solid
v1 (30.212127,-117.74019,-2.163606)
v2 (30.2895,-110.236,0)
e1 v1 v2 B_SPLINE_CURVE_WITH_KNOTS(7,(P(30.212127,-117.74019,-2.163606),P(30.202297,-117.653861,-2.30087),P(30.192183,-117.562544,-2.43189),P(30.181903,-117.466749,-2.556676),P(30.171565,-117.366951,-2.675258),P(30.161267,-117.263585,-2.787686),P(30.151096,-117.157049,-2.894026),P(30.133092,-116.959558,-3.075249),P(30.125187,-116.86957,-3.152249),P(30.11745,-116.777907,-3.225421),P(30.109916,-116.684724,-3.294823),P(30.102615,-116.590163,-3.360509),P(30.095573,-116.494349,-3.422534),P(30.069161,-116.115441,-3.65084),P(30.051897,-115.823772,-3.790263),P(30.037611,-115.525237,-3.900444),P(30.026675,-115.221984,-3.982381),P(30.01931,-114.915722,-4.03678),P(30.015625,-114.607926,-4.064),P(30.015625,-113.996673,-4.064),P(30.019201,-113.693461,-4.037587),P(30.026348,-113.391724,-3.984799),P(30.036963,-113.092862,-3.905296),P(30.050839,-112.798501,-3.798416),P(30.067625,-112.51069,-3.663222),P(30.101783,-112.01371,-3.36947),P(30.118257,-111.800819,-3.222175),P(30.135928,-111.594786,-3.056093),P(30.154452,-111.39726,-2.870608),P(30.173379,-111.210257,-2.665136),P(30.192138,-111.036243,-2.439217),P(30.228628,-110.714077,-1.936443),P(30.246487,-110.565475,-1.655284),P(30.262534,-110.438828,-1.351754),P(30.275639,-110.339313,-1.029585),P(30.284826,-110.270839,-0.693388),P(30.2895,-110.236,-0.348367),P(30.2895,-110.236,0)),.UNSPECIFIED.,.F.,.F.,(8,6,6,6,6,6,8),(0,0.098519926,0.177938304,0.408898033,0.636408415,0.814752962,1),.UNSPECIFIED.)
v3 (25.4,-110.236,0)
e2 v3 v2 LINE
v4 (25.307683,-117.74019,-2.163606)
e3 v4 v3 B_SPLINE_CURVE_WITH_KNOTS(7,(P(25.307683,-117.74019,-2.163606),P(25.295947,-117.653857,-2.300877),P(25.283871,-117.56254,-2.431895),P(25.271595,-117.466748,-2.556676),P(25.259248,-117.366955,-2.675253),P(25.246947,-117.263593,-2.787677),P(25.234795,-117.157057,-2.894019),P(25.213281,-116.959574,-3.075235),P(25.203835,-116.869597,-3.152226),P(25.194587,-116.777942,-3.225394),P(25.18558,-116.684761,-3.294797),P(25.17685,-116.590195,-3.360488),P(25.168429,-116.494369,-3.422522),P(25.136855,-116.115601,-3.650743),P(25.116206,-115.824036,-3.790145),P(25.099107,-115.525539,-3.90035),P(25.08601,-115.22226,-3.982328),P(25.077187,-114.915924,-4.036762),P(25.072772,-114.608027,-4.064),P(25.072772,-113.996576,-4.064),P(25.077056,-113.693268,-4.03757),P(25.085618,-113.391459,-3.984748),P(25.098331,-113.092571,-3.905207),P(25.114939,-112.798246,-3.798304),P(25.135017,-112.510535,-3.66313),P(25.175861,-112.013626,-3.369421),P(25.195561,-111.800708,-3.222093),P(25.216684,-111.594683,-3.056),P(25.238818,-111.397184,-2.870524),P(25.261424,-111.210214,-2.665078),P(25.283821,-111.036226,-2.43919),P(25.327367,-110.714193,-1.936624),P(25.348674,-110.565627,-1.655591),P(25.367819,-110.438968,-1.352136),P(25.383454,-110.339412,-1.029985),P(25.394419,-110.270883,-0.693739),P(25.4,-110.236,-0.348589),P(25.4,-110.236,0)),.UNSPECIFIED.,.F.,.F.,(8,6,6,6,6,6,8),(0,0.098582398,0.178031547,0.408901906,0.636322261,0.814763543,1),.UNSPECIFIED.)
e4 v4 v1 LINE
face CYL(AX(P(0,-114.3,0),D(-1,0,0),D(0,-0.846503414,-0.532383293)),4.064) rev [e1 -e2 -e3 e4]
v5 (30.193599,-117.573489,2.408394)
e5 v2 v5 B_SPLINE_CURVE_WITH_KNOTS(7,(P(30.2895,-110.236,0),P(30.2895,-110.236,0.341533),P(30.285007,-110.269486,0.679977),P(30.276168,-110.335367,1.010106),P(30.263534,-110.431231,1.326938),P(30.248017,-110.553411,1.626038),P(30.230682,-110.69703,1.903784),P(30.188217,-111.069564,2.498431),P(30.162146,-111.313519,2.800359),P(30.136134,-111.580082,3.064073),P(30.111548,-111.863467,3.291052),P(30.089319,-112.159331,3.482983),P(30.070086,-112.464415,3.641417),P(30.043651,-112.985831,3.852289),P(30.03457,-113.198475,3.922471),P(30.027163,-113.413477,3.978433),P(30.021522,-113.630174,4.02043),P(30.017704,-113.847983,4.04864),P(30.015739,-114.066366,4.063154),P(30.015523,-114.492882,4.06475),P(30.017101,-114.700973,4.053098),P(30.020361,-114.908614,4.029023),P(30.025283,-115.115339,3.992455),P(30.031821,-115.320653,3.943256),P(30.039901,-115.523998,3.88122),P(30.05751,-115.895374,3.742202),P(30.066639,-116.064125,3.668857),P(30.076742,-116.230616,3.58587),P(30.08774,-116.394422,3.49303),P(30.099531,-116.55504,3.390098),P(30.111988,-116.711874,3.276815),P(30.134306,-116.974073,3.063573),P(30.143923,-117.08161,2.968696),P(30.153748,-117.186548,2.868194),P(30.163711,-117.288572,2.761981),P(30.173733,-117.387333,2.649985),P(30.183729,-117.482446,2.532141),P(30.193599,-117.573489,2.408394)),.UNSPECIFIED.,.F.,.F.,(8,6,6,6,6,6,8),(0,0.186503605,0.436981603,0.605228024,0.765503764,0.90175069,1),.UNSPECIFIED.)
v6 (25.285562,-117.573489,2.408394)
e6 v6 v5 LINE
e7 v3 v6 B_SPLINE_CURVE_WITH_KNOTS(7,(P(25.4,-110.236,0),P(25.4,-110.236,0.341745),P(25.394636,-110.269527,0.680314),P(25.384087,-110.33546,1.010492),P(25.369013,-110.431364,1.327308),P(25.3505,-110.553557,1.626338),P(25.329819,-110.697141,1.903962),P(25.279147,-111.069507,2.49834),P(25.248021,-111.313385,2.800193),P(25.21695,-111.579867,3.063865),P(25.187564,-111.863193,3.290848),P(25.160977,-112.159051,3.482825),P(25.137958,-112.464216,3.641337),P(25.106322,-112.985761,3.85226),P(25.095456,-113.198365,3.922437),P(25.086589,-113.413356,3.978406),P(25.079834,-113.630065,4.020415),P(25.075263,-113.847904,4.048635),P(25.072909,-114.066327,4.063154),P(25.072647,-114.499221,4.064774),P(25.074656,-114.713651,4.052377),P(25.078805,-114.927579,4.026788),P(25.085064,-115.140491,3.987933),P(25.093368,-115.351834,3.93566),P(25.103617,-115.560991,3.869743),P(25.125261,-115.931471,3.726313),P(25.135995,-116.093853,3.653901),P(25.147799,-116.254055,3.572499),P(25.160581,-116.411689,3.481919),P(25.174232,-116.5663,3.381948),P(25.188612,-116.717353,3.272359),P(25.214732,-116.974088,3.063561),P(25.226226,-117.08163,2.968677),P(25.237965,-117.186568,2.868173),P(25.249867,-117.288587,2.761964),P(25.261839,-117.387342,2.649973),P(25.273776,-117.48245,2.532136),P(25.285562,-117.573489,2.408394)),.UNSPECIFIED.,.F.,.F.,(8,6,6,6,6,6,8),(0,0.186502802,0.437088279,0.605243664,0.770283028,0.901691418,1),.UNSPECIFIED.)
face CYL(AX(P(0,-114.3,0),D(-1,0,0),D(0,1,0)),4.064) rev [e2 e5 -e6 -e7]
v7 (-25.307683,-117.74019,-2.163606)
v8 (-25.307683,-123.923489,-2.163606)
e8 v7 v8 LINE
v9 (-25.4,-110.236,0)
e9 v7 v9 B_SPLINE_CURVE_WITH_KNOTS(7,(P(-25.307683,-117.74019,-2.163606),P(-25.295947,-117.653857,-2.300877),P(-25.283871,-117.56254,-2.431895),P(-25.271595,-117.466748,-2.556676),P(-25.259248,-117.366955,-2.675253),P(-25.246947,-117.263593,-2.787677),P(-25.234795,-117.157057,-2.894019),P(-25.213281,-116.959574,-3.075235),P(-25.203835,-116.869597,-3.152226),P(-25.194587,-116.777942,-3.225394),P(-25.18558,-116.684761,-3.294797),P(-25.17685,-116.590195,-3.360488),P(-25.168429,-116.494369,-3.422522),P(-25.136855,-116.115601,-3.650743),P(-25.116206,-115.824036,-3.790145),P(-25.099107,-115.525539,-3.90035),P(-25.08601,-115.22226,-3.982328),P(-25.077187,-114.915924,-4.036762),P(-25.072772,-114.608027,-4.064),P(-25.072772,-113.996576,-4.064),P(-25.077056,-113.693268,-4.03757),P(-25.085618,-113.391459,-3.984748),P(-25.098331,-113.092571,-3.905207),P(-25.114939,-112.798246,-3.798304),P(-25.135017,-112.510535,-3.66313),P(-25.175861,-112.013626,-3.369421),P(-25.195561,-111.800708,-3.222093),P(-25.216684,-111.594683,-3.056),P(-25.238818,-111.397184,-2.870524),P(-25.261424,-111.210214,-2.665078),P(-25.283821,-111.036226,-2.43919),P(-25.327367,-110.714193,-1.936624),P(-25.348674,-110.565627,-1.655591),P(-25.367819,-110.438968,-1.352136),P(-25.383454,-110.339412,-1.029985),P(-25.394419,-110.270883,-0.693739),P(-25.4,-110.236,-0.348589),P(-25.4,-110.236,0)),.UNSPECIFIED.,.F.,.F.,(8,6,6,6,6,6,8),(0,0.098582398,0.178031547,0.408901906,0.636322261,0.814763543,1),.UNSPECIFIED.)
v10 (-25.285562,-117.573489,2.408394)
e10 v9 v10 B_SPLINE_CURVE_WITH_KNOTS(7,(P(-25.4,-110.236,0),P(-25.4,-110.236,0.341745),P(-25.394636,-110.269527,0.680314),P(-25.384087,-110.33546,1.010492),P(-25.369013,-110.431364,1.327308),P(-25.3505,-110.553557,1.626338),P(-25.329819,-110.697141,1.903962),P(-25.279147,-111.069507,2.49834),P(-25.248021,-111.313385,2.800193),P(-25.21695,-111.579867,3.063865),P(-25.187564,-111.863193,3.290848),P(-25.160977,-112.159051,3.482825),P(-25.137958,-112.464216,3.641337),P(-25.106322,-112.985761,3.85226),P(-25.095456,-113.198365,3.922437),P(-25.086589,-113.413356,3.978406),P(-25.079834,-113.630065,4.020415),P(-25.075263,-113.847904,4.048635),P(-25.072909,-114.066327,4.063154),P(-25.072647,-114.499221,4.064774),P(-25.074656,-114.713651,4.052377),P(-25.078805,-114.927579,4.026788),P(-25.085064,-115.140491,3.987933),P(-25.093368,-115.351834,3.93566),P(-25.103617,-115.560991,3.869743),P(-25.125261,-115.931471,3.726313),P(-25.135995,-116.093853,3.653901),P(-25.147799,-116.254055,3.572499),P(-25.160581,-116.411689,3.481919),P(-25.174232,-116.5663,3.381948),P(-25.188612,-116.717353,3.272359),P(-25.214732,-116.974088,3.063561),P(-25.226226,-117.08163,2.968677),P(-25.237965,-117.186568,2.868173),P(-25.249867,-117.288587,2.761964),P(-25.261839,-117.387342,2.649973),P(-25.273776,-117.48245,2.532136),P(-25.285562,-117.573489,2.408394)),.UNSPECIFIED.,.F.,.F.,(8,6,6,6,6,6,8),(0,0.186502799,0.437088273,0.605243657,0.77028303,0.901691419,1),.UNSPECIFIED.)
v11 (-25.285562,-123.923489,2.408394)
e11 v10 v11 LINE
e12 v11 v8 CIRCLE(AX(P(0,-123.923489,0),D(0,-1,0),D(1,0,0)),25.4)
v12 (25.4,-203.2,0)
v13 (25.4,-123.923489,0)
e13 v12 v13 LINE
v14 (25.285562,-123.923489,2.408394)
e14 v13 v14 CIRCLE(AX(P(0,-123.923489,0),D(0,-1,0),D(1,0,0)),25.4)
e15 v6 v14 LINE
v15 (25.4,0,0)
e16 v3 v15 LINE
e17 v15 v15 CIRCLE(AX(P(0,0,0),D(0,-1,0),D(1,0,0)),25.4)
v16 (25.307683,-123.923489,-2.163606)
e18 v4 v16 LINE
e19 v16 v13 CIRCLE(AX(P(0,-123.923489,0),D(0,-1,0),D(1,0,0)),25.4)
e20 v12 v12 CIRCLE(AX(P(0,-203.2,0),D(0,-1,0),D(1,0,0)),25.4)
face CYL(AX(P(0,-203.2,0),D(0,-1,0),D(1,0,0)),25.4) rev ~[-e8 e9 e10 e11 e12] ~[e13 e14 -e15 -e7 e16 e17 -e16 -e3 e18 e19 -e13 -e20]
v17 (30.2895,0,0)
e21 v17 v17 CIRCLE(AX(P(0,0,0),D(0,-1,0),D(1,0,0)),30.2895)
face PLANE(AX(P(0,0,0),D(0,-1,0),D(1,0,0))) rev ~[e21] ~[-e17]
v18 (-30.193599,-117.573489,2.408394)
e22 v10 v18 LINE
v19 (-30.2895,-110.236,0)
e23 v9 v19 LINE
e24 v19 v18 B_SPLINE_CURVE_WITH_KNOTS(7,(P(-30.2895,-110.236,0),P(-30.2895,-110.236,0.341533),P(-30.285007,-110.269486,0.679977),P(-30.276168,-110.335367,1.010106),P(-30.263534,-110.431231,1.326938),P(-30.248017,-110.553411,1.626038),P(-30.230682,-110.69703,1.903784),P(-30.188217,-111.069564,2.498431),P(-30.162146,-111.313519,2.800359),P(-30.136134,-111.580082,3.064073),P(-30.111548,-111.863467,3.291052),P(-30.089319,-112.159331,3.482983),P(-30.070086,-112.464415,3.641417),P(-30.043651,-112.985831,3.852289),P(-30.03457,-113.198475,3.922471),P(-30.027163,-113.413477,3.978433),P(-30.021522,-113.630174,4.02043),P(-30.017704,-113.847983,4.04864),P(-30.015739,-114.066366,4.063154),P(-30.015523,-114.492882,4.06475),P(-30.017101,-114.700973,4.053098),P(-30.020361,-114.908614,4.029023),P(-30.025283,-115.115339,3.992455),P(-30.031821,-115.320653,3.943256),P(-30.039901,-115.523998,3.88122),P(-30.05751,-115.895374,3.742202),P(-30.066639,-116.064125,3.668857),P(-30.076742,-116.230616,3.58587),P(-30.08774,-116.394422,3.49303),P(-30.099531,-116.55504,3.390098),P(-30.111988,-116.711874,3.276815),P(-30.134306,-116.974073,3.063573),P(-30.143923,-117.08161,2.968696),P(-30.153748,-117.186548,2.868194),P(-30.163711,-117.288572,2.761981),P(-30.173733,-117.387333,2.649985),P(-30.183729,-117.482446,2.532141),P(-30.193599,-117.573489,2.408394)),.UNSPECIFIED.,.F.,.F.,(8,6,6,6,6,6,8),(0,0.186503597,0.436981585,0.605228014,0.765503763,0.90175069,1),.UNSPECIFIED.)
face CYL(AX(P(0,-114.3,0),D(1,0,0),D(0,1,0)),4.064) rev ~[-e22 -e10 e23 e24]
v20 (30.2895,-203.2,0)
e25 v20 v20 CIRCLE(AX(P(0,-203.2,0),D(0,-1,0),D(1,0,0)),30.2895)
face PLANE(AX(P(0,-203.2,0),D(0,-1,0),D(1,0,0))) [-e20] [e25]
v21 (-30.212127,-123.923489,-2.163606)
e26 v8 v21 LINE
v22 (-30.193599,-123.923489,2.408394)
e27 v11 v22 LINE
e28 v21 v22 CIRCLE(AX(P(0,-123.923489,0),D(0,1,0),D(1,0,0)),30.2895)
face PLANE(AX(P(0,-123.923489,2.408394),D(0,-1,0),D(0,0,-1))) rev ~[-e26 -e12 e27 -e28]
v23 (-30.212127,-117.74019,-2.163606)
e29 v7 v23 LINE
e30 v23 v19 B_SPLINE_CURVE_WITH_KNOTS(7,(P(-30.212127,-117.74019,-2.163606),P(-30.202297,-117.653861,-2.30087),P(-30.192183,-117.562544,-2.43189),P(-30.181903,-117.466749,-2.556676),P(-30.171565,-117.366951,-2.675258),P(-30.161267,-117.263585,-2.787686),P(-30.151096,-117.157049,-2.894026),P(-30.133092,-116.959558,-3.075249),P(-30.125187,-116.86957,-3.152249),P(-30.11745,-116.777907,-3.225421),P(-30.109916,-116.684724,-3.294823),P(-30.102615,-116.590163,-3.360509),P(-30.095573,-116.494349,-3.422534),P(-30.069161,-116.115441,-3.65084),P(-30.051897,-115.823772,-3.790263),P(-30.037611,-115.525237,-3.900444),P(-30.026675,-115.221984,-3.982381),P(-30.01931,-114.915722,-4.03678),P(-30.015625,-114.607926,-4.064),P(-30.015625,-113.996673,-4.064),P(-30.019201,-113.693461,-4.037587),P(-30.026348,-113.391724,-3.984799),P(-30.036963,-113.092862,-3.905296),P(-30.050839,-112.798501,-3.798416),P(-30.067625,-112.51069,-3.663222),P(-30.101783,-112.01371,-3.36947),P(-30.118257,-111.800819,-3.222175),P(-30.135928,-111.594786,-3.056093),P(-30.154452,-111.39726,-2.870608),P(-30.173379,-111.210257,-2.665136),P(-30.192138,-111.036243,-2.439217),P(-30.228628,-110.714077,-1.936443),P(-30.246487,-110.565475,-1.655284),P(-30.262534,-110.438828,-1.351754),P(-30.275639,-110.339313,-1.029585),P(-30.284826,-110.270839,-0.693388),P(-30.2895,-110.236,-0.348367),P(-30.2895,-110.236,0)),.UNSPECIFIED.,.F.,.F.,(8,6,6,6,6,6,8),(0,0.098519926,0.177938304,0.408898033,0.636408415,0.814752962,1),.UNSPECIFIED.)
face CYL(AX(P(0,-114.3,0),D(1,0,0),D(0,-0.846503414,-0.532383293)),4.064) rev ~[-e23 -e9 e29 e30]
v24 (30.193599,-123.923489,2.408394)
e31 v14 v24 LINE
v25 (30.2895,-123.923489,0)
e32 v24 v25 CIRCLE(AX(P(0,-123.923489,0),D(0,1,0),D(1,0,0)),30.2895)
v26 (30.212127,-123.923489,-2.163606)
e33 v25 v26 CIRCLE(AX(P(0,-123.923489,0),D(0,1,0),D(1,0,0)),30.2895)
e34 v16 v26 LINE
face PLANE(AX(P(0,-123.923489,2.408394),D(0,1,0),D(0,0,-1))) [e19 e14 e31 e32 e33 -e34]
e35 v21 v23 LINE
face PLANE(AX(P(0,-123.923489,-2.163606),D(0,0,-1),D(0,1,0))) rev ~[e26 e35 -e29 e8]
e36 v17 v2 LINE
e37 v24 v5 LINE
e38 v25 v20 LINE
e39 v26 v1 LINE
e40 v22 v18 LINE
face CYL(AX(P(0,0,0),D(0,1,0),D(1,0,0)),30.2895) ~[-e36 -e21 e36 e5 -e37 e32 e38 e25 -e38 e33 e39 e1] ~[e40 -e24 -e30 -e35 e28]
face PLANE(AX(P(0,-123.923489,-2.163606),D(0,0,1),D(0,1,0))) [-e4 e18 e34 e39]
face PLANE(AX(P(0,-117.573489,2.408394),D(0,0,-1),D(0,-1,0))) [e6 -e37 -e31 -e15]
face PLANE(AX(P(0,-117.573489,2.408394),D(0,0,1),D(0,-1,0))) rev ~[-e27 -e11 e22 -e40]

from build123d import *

# Parameters (mm, degrees)
F0_R          = 30.2895
F1_DEPTH      = 203.2
F2_R          = 25.4
F3_DEPTH      = 203.201
F5_DEPTH      = 30.2905
F5_DEPTH_BACK = 30.2905


with BuildPart() as f1:
    # F0 (on Front) → F1 (new body)
    with BuildSketch(Plane.XZ):
        Circle(F0_R)
    extrude(amount=F1_DEPTH)

    # F2 (on face) → F3 (cut, through all)
    with BuildSketch(Plane.XZ.offset(203.2)):
        Circle(F2_R)
    extrude(amount=-F3_DEPTH, mode=Mode.SUBTRACT)

    # F4 (on Right) → F5 (cut, two sides)
    with BuildSketch(Plane.YZ) as f5_sk:
        with BuildLine():
            ThreePointArc((-117.7401898741, -2.1636057012), (-113.1741304801, -3.904934548), (-110.236, 0))
            ThreePointArc((-110.236, 0), (-113.0325941755, 3.8613182304), (-117.5734894076, 2.4083942988))
            Line((-117.5734894076, 2.4083942988), (-117.5734894076, -2.1636057012))
            Line((-117.5734894076, -2.1636057012), (-117.7401898741, -2.1636057012))
        make_face()
        with BuildLine():
            Line((-117.5734894076, -2.1636057012), (-117.5734894076, 2.4083942988))
            ThreePointArc((-117.5734894076, 2.4083942988), (-118.3613013154, 0.1480797953), (-117.7401898741, -2.1636057012))
            Line((-117.7401898741, -2.1636057012), (-117.5734894076, -2.1636057012))
        make_face()
        with BuildLine():
            ThreePointArc((-117.7401898741, -2.1636057012), (-118.3613013154, 0.1480797953), (-117.5734894076, 2.4083942988))
            Line((-117.5734894076, 2.4083942988), (-123.9234894076, 2.4083942988))
            Line((-123.9234894076, 2.4083942988), (-123.9234894076, -2.1636057012))
            Line((-123.9234894076, -2.1636057012), (-117.7401898741, -2.1636057012))
        make_face()
    extrude(amount=-F5_DEPTH, mode=Mode.SUBTRACT)
    extrude(f5_sk.sketch, amount=F5_DEPTH_BACK, mode=Mode.SUBTRACT)


solid = f1.part
